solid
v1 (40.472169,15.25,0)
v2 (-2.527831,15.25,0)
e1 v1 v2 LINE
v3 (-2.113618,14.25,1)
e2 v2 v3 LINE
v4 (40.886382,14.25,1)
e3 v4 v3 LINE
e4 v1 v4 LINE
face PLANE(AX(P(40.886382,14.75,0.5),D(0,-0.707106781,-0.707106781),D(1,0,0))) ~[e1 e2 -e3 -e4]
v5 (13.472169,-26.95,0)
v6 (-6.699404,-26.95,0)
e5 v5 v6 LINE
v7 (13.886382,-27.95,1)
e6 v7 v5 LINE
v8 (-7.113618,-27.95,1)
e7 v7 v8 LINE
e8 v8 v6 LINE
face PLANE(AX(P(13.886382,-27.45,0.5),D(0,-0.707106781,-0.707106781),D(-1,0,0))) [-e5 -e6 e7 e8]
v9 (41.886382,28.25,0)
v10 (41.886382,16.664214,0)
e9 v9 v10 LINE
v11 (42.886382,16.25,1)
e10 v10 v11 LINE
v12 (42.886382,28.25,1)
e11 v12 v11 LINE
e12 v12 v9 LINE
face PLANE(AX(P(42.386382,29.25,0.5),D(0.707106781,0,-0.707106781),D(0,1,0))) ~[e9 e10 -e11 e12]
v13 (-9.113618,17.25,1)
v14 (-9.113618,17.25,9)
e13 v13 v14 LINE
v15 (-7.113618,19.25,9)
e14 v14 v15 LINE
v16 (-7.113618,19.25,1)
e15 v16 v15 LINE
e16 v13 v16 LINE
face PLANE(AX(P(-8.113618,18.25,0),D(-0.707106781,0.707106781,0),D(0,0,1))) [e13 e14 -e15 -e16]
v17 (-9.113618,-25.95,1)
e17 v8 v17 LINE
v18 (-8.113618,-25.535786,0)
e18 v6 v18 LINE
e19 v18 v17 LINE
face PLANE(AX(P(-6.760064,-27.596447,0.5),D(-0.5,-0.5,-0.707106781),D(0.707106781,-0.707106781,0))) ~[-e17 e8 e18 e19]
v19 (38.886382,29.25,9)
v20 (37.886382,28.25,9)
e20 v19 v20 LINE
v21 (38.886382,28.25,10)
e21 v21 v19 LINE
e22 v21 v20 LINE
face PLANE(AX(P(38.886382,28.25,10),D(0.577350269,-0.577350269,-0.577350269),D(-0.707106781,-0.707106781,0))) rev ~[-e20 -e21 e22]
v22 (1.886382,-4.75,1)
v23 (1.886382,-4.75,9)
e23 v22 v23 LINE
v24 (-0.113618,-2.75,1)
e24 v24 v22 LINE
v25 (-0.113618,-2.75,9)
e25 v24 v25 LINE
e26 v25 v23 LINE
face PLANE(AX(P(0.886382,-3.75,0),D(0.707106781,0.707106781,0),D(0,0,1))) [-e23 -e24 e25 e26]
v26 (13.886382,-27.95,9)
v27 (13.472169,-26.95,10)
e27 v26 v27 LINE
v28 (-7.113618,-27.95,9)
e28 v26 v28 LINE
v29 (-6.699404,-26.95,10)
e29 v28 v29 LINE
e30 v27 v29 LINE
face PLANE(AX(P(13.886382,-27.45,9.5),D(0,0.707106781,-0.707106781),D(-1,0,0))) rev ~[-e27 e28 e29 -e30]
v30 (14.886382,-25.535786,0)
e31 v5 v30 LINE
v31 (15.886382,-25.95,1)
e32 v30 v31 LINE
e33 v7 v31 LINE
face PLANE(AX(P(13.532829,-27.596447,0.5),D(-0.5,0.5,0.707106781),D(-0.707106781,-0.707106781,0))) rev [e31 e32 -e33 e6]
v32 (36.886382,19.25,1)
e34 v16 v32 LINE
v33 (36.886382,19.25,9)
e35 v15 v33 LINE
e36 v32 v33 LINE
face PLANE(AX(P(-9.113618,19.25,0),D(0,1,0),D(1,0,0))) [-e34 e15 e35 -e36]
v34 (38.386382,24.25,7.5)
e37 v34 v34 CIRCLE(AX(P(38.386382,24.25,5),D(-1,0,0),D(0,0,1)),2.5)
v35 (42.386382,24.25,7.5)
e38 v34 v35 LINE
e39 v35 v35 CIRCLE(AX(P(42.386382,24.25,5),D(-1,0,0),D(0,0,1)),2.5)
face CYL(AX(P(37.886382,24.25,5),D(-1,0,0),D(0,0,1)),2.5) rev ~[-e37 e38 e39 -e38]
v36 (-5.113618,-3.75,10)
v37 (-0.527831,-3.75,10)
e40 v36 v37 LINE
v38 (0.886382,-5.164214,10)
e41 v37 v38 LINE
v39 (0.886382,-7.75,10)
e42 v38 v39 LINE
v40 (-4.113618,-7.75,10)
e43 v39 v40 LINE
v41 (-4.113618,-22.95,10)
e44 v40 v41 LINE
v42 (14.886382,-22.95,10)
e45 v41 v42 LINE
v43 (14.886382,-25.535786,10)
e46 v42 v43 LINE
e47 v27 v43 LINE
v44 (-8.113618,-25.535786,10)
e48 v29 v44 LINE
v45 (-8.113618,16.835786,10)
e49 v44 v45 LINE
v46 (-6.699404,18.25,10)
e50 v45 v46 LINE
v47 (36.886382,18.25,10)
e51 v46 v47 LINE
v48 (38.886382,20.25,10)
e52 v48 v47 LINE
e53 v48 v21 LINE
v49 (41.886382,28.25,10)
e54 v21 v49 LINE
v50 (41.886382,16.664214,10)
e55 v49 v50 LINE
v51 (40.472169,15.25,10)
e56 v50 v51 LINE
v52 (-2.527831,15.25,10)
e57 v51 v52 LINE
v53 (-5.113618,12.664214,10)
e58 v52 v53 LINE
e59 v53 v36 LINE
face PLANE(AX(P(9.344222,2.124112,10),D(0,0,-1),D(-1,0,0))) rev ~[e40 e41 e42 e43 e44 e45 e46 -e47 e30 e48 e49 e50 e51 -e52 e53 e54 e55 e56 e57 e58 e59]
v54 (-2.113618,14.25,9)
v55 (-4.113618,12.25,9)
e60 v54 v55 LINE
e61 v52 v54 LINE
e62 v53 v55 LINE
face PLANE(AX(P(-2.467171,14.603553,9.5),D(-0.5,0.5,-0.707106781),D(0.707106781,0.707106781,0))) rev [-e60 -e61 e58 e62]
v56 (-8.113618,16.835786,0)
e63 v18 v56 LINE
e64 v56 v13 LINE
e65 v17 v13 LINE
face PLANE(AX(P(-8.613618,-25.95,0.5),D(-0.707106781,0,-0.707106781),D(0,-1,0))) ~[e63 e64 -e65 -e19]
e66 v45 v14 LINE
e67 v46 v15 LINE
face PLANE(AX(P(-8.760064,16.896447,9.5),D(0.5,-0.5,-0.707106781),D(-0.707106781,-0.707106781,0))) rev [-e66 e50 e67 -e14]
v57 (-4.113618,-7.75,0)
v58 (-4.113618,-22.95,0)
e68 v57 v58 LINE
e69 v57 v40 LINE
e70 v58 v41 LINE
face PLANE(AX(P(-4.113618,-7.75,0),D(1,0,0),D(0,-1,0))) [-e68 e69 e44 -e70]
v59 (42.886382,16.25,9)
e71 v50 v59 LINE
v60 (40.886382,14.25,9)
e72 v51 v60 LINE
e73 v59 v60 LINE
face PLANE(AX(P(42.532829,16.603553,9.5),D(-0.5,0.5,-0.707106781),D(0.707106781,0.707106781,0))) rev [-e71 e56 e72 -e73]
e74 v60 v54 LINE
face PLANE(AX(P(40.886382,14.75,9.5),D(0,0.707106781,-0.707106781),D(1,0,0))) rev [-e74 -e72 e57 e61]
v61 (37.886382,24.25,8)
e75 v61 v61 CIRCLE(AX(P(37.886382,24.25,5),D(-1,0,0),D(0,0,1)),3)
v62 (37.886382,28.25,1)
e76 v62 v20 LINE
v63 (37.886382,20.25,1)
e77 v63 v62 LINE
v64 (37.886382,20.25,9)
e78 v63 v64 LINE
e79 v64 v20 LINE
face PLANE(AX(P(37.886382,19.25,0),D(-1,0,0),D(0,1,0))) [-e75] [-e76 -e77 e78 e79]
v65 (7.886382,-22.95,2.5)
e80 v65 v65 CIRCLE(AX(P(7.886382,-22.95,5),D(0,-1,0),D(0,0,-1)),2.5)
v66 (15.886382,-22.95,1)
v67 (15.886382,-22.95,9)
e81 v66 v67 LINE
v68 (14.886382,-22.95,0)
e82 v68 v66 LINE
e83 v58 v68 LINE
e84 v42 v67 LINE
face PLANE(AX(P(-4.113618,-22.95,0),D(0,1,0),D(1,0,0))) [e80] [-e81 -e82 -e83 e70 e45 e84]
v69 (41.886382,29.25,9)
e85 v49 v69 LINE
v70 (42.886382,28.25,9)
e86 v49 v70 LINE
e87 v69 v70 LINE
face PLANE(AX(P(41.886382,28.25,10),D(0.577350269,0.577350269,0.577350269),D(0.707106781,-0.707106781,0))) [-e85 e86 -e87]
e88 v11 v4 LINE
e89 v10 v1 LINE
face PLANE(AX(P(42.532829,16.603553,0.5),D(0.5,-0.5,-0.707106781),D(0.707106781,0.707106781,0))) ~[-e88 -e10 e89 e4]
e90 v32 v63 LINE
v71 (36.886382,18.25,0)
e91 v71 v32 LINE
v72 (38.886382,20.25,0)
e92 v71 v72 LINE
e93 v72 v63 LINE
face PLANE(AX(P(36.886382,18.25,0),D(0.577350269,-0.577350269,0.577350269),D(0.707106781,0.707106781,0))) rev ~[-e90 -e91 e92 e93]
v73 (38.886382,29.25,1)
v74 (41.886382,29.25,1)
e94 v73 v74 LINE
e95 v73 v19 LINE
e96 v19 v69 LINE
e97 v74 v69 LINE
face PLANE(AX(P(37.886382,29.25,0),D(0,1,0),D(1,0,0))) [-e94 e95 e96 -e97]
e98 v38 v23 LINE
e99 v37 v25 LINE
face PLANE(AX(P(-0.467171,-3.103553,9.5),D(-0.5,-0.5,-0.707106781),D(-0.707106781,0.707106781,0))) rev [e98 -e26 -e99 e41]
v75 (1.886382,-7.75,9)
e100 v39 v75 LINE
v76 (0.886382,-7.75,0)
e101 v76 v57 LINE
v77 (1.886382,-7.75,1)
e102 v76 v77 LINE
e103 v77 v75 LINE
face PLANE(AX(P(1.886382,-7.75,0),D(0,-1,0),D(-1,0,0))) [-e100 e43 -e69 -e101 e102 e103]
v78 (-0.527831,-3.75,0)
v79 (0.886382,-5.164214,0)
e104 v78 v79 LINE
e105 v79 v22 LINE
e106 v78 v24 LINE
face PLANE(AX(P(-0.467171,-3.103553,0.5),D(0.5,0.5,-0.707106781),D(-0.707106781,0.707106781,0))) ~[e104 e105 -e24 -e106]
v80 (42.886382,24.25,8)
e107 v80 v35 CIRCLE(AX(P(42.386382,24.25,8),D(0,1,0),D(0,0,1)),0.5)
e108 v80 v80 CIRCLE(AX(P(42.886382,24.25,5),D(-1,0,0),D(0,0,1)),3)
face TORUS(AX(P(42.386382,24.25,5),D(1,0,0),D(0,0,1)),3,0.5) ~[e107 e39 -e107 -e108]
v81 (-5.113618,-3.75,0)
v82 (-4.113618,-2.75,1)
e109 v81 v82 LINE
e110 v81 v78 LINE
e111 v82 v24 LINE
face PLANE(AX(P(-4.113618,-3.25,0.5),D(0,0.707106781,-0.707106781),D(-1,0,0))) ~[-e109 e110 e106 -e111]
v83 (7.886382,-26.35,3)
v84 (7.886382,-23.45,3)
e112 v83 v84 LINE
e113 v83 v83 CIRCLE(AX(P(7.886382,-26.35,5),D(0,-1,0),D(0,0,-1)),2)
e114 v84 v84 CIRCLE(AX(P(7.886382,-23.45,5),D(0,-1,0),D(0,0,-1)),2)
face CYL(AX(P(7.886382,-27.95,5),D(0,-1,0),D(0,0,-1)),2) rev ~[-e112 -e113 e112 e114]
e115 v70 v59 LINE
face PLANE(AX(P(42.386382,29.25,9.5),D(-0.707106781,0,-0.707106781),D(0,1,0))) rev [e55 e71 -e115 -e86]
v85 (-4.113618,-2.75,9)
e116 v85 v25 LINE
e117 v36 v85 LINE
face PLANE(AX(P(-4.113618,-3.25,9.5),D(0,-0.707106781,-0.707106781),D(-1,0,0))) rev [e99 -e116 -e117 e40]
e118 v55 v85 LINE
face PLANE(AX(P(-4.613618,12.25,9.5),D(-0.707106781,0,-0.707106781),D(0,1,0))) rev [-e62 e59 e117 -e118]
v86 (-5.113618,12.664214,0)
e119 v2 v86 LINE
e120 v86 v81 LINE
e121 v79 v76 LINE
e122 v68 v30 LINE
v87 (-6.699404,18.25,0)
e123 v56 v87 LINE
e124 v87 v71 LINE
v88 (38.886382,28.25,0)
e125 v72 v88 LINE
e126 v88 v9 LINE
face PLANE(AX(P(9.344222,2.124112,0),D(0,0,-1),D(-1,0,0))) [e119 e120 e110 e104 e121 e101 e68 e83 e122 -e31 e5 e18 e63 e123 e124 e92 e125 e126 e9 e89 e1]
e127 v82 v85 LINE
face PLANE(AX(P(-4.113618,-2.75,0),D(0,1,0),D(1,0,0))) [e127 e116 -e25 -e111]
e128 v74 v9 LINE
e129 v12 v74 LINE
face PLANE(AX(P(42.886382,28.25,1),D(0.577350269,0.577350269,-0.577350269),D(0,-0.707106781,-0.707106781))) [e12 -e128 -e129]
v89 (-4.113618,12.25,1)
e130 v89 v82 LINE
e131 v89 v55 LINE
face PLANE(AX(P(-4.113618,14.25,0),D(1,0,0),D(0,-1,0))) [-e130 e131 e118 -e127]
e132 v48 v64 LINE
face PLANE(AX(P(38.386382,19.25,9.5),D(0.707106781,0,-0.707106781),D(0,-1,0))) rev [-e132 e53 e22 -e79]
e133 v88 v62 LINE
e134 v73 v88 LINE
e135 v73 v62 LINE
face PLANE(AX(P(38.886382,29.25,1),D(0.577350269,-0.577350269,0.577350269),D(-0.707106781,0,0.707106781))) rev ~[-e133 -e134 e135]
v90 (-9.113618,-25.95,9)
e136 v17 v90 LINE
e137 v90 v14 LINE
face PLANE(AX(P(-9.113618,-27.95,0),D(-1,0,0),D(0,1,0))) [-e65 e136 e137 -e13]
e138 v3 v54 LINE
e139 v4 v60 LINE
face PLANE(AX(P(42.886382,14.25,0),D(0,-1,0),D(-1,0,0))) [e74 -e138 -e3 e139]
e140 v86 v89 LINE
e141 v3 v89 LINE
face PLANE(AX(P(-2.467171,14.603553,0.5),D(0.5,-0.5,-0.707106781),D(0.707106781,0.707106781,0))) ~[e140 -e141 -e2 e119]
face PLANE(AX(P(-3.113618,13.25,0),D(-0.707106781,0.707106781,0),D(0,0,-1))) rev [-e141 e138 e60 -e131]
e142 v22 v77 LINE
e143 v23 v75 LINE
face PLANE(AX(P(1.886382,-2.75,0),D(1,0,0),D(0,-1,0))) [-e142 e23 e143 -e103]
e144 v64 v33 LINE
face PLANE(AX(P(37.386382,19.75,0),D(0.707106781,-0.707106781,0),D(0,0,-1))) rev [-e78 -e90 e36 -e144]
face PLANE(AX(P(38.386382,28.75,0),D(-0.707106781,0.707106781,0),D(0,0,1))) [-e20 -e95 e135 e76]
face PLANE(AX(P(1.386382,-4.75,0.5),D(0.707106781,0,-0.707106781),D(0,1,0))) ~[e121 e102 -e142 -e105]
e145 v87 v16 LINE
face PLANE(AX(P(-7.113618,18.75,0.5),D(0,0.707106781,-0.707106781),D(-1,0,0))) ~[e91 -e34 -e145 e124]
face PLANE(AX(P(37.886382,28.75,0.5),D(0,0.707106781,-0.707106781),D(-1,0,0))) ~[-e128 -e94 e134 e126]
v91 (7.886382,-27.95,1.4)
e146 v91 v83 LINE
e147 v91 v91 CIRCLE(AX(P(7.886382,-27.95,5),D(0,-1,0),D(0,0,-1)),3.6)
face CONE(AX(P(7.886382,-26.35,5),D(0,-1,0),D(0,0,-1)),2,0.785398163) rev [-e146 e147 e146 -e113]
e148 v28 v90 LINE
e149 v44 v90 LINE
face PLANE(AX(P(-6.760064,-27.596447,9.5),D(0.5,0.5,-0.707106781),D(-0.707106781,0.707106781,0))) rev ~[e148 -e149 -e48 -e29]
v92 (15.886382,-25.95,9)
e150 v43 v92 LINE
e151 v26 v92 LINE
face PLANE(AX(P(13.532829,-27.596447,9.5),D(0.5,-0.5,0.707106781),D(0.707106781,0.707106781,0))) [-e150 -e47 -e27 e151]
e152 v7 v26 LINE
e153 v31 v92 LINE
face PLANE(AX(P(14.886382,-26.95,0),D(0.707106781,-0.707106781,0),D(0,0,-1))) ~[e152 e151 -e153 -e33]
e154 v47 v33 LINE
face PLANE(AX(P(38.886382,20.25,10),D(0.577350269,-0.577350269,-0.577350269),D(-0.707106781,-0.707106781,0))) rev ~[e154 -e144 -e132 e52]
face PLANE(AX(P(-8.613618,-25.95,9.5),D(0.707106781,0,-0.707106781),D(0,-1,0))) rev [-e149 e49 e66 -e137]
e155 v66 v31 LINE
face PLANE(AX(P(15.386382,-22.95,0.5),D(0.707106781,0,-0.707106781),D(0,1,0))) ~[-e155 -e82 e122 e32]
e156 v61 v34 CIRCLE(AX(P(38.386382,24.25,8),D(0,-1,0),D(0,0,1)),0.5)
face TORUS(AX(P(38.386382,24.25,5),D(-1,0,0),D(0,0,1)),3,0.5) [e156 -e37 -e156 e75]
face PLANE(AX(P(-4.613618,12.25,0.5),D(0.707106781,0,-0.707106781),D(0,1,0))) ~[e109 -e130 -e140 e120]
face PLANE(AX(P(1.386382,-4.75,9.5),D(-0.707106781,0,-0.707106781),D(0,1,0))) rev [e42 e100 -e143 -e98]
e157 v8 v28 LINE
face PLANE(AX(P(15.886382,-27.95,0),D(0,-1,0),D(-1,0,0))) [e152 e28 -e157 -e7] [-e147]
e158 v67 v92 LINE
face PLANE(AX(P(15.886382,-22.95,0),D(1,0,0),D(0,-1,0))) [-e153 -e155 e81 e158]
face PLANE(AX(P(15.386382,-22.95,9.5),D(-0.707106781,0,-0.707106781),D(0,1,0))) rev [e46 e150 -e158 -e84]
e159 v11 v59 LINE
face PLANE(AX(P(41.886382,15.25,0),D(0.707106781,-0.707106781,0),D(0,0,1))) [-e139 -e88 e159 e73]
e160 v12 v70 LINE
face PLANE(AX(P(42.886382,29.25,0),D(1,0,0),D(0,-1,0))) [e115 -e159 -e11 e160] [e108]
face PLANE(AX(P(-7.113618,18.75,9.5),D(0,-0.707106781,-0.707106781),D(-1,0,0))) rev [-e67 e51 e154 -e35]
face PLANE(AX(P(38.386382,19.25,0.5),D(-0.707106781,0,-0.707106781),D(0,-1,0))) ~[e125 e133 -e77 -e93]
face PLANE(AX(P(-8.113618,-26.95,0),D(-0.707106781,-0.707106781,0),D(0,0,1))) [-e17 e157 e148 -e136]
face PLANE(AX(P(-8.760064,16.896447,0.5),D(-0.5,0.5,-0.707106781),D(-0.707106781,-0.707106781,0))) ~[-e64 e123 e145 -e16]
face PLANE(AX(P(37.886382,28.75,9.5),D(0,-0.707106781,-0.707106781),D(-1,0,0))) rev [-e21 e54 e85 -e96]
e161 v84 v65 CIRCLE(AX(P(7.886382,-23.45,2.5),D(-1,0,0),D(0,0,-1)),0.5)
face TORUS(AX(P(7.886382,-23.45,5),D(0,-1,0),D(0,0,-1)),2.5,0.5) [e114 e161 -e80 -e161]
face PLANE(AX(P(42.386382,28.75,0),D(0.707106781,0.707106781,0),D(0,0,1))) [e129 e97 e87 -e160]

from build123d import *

# Parameters (mm, degrees)
RESSALTO_EXTRUS_O1_DEPTH = 10
ESBO_O3_R                = 2
CORTE_EXTRUS_O1_DEPTH    = 15
CHANFRO1_SIZE            = 1.6
FILETE1_R                = 0.5
CHANFRO5_SIZE            = 2
ESBO_O4_R                = 2.5
CORTE_EXTRUS_O2_DEPTH    = 10
CHANFRO8_SIZE            = 1
FILETE2_R                = 0.5


with BuildPart() as part:
    # Esboço1 → Ressalto-extrusão1 (new body)
    with BuildSketch(Plane.XY):
        Polygon((1.886382163, -7.75), (-4.113617837, -7.75), (-4.113617837, -22.95), (15.886382163, -22.95), (15.886382163, -27.95), (-9.113617837, -27.95), (-9.113617837, 19.25), (37.886382163, 19.25), (37.886382163, 29.25), (42.886382163, 29.25), (42.886382163, 14.25), (-4.113617837, 14.25), (-4.113617837, -2.75), (1.886382163, -2.75), align=None)
    extrude(amount=RESSALTO_EXTRUS_O1_DEPTH)

    # Esboço3 → Corte-extrusão1 (cut)
    with BuildSketch(Plane.XZ.offset(27.95)):
        with Locations(Location((7.886382163, 5, 0), (0, 0, 270))):
            Circle(ESBO_O3_R)
    extrude(amount=-CORTE_EXTRUS_O1_DEPTH, mode=Mode.SUBTRACT)

    # Chanfro1
    chanfro1_edges = [part.edges().sort_by_distance(p)[0] for p in [
        (7.886382163, -27.95, 7),
    ]]
    chamfer(chanfro1_edges, length=CHANFRO1_SIZE)

    # Filete1
    filete1_edges = [part.edges().sort_by_distance(p)[0] for p in [
        (7.886382163, -22.95, 7),
    ]]
    fillet(filete1_edges, radius=FILETE1_R)

    # Chanfro5
    chanfro5_edges = [part.edges().sort_by_distance(p)[0] for p in [
        (15.886382163, -27.95, 5),
        (-9.113617837, -27.95, 5),
        (-9.113617837, 19.25, 5),
        (42.886382163, 14.25, 5),
        (-4.113617837, 14.25, 5),
        (1.886382163, -2.75, 5),
    ]]
    chamfer(chanfro5_edges, length=CHANFRO5_SIZE)

    # Esboço4 → Corte-extrusão2 (cut)
    with BuildSketch(Plane.ZY.offset(-37.886382163)):
        with Locations((5, 24.25)):
            Circle(ESBO_O4_R)
    extrude(amount=-CORTE_EXTRUS_O2_DEPTH, mode=Mode.SUBTRACT)

    # Chanfro8
    chanfro8_edges = [part.edges().sort_by_distance(p)[0] for p in [
        (-4.113617837, 4.75, 10),
        (15.386382163, 19.25, 0),
        (37.886382163, 24.25, 0),
        (40.386382163, 29.25, 0),
        (-4.113617837, 4.75, 0),
        (1.886382163, -6.25, 0),
        (37.886382163, 19.25, 5),
        (37.886382163, 29.25, 5),
        (42.886382163, 29.25, 5),
        (40.386382163, 29.25, 10),
        (37.886382163, 24.25, 10),
        (15.386382163, 19.25, 10),
        (1.886382163, -6.25, 10),
        (-9.113617837, -4.35, 0),
        (-9.113617837, -4.35, 10),
        (15.886382163, -24.45, 0),
        (3.386382163, -27.95, 0),
        (42.886382163, 22.75, 0),
        (19.386382163, 14.25, 0),
        (-2.113617837, -2.75, 0),
        (0.886382163, -3.75, 0),
        (14.886382163, -26.95, 0),
        (-8.113617837, -26.95, 0),
        (41.886382163, 15.25, 0),
        (-8.113617837, 18.25, 0),
        (-2.113617837, -2.75, 10),
        (19.386382163, 14.25, 10),
        (42.886382163, 22.75, 10),
        (3.386382163, -27.95, 10),
        (15.886382163, -24.45, 10),
        (0.886382163, -3.75, 10),
        (14.886382163, -26.95, 10),
        (-8.113617837, -26.95, 10),
        (41.886382163, 15.25, 10),
        (-8.113617837, 18.25, 10),
        (-3.113617837, 13.25, 0),
        (-3.113617837, 13.25, 10),
    ]]
    chamfer(chanfro8_edges, length=CHANFRO8_SIZE)

    # Filete2
    filete2_edges = [part.edges().sort_by_distance(p)[0] for p in [
        (42.886382163, 24.25, 2.5),
        (37.886382163, 24.25, 2.5),
    ]]
    fillet(filete2_edges, radius=FILETE2_R)


solid = part.part
